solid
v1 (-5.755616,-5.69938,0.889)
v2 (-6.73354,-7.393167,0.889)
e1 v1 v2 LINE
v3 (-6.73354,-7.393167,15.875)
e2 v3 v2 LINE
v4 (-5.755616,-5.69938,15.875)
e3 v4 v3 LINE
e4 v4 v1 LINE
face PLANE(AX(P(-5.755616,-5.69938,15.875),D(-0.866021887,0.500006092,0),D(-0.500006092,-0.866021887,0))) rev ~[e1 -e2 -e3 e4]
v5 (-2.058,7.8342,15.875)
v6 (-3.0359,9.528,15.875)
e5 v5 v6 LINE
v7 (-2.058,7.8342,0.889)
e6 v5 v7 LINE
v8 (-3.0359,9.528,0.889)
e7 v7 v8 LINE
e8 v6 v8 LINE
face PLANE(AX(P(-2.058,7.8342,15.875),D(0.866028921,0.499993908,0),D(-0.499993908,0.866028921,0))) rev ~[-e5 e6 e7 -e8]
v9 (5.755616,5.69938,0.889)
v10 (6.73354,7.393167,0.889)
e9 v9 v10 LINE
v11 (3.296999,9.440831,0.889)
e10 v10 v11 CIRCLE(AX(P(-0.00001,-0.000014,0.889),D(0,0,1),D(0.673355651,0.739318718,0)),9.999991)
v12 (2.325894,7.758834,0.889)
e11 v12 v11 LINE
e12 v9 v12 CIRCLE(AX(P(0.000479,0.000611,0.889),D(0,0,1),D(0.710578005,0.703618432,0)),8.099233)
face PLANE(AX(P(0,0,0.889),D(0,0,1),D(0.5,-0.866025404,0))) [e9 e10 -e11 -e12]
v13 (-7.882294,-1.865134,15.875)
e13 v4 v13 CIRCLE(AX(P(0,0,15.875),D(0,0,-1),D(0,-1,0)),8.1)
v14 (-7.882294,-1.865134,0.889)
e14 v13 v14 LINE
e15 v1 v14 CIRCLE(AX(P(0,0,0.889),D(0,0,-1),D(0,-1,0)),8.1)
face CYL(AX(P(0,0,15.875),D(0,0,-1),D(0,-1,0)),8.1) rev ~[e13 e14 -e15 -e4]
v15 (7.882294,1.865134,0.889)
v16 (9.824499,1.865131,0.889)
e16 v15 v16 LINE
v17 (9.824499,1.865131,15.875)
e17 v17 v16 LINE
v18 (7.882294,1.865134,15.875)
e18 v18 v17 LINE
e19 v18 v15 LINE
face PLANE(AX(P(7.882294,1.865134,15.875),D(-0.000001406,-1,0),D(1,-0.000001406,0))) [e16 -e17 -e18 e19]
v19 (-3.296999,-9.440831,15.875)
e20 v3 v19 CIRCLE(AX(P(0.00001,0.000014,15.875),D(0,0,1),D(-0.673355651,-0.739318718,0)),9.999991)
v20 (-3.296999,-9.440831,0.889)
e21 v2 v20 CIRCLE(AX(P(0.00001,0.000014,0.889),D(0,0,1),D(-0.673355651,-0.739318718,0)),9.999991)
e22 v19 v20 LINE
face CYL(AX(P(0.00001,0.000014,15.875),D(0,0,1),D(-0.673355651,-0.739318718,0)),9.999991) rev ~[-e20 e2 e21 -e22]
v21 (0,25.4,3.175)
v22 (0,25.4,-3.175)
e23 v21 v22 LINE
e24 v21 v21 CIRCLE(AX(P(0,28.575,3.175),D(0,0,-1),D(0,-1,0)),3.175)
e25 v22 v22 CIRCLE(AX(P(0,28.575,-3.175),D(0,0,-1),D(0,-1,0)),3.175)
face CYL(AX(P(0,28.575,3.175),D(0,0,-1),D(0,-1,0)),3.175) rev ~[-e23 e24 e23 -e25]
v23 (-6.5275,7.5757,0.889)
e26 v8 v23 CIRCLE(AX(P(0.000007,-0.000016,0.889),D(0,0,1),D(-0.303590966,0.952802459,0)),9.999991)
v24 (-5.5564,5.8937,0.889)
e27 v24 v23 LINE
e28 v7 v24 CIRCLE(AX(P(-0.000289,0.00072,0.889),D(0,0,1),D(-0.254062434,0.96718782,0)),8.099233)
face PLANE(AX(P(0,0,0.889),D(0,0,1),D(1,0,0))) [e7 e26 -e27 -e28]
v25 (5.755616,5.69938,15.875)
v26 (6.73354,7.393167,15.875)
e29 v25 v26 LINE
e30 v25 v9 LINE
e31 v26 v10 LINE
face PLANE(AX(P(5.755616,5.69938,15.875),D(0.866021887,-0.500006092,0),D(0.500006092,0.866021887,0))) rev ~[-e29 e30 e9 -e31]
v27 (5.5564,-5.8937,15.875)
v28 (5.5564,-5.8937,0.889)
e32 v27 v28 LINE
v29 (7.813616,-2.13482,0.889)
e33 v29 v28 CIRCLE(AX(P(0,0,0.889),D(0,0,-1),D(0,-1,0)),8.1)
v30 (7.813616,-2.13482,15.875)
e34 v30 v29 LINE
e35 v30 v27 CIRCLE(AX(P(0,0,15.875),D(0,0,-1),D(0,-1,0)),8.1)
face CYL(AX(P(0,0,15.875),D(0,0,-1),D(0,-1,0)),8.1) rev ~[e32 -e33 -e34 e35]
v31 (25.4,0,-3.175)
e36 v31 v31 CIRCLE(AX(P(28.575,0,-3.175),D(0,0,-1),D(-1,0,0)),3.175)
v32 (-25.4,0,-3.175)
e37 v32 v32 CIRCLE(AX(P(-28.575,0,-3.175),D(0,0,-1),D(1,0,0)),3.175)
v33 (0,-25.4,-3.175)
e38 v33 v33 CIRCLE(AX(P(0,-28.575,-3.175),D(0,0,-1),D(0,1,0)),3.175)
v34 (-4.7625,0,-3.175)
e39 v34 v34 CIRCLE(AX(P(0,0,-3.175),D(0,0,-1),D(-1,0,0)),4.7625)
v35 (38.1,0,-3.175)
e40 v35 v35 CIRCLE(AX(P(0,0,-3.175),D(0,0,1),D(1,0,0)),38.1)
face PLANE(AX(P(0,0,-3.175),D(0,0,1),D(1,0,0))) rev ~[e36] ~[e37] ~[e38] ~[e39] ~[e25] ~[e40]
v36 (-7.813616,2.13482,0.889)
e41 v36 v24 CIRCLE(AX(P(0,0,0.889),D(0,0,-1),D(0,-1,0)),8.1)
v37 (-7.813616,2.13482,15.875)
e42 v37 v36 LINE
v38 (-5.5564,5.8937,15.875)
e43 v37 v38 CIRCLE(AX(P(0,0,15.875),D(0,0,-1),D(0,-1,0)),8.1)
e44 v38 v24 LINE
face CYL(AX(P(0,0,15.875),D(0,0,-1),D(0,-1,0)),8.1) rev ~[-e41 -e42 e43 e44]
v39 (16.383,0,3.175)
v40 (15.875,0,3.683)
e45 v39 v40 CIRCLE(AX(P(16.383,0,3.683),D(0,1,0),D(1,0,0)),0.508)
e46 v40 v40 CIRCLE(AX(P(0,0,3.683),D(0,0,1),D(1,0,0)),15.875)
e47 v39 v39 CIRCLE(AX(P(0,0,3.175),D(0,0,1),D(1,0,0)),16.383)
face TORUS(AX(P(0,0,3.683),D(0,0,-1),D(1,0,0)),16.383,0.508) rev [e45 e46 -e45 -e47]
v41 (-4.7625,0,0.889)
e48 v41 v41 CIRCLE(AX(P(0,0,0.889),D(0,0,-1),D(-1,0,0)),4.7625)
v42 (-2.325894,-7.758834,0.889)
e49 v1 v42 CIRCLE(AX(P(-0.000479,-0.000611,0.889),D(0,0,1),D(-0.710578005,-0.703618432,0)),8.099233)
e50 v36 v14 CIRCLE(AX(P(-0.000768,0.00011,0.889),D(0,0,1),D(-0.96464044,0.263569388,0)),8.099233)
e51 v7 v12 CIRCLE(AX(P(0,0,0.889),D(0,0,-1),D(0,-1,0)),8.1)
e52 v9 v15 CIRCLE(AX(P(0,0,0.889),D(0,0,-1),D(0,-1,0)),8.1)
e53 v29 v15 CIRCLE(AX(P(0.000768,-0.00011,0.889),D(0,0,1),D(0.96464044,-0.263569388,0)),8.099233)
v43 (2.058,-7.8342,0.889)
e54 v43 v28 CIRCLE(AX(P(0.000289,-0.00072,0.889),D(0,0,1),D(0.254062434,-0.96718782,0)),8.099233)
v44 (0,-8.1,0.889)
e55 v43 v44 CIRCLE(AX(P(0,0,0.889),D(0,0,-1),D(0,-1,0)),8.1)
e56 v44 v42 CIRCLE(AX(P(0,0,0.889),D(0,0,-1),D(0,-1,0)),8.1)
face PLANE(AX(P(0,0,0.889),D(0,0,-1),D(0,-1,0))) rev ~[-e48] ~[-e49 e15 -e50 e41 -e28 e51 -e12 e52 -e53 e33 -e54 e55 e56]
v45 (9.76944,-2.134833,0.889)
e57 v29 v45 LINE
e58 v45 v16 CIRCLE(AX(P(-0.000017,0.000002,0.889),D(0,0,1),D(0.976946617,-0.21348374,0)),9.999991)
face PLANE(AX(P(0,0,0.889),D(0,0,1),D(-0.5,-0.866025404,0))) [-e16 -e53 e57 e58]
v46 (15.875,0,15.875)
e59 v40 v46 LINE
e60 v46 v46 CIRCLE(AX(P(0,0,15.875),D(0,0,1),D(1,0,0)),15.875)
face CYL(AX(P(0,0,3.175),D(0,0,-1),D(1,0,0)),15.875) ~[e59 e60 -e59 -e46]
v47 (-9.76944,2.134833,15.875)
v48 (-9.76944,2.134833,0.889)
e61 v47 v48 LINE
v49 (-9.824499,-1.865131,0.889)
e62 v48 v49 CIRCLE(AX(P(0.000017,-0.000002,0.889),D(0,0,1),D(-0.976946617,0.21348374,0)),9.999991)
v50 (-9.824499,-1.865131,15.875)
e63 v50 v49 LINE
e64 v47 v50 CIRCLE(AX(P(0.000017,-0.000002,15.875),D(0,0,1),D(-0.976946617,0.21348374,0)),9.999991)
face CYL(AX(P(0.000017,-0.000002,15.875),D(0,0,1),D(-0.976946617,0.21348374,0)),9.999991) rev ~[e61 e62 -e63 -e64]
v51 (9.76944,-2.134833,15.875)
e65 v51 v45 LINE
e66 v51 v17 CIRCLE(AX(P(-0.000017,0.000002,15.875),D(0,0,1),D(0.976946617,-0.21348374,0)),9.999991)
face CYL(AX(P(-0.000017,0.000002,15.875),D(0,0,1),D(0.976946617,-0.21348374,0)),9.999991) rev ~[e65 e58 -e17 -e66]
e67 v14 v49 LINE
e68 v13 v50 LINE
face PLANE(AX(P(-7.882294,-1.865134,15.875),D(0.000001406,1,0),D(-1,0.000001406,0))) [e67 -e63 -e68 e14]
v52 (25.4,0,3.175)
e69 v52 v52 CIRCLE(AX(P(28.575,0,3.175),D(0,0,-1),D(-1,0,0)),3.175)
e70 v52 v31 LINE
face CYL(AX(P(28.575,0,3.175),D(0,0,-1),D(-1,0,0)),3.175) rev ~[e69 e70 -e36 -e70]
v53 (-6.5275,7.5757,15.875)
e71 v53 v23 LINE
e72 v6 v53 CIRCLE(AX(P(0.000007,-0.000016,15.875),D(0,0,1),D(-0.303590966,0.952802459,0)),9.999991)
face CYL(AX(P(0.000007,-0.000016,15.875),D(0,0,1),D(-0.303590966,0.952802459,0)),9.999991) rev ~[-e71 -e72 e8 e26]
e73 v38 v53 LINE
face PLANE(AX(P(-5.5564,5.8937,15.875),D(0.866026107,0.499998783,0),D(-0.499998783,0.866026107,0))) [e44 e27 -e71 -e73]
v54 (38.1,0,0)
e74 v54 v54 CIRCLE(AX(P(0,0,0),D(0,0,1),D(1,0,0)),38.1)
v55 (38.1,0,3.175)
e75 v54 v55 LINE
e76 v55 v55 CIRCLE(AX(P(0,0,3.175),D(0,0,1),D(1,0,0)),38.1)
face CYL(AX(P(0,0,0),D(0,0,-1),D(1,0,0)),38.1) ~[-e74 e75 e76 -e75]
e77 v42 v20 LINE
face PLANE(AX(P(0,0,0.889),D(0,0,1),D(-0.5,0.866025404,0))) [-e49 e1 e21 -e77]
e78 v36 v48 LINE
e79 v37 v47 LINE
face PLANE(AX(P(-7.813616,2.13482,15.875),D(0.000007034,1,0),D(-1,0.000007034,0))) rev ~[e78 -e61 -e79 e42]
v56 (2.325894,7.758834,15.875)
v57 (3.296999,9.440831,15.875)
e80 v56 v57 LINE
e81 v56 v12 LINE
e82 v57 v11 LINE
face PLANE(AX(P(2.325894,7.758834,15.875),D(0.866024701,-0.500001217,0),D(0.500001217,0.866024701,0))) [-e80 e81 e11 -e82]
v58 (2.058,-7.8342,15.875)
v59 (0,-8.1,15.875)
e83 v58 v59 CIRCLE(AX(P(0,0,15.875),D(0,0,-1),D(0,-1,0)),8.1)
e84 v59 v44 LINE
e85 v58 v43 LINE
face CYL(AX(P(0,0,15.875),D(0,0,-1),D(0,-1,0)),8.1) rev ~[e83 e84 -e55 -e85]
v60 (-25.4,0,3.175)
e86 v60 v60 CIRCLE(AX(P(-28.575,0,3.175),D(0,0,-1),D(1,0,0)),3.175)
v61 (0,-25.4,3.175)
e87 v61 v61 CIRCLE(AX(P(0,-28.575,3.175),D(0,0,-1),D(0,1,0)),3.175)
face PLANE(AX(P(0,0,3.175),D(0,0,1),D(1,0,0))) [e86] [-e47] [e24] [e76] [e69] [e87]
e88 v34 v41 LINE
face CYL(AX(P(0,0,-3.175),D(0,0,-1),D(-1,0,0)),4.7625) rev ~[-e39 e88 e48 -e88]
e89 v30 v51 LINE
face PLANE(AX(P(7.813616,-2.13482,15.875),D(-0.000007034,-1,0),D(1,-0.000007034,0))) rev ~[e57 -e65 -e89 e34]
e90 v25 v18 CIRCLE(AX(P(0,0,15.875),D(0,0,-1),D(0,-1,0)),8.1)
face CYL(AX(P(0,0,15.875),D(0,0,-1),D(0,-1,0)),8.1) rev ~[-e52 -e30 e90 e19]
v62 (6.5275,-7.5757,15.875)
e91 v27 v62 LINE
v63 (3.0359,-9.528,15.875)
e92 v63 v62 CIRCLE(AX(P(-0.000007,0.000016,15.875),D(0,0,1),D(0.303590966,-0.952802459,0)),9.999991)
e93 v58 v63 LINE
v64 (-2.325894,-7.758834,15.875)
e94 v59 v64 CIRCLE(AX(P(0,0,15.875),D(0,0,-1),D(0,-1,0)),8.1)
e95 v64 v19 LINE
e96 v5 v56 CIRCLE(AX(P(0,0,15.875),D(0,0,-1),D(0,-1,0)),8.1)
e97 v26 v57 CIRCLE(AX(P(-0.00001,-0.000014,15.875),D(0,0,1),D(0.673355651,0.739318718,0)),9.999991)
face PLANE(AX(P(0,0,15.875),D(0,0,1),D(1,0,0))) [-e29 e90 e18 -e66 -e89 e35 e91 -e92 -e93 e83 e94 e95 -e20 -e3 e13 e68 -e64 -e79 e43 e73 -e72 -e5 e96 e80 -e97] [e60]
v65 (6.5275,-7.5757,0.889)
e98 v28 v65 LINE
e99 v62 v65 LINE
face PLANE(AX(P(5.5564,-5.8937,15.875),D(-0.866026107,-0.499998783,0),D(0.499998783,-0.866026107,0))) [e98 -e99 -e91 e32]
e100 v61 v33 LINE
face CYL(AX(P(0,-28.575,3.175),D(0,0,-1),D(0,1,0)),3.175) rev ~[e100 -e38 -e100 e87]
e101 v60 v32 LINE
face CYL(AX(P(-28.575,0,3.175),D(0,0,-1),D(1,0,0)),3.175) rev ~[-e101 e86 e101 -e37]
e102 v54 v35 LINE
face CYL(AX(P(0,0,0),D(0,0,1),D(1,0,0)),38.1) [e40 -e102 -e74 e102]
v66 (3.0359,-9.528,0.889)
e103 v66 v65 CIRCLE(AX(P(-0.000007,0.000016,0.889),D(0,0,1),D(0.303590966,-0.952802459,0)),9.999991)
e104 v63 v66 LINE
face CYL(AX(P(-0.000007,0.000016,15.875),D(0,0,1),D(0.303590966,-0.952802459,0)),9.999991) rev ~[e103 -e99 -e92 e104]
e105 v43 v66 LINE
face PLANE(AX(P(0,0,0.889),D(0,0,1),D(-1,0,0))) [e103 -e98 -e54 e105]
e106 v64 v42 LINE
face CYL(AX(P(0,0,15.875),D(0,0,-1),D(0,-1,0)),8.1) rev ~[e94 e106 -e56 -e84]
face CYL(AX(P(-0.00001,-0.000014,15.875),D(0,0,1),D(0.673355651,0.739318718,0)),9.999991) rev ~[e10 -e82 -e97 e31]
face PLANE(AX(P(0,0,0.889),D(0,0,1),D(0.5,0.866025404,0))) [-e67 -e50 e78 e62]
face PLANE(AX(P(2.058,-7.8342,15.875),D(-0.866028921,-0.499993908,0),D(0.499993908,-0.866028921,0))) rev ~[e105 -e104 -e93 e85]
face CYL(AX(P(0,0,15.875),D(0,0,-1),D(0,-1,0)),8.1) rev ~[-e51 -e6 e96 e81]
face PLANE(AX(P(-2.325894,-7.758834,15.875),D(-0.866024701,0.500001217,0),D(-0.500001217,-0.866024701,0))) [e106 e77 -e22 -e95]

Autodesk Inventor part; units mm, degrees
ref_plane "YZ Plane" through (0, 0, 0) normal (1, 0, 0) x (0, 1, 0)
ref_plane "XZ Plane" through (0, 0, 0) normal (0, 1, 0) x (-1, 0, 0)
ref_plane "XY Plane" through (0, 0, 0) normal (0, 0, 1) x (1, 0, 0)
sketch "Sketch1" plane through (0, 0, 0) normal (0, 0, 1) x (1, 0, 0)
  circle A0 centre (0, 0) radius 38.1
  dimension "d2" = 76.2
extrude "Extrusion1" add sketch "Sketch1" along normal mid plane 6.35
sketch "Sketch2" plane through (0, 0, 3.175) normal (0, 0, 1) x (1, 0, 0)
  circle A0 centre (0, 0) radius 38.1 projected
  point P0 (0, 28.575)
  dimension "d3" = 0
  dimension "d4" = 28.575
hole "Mounting Hole" at (0, 28.575, 3.175) direction (0, 0, -1) diameter 6.35 end through all
pattern_circular "Circular Pattern1" count 4 over 360 about axis through (0, 0, 0) along (0, 0, 1) of "Mounting Hole"
sketch "Sketch3" plane through (0, 0, 3.175) normal (0, 0, 1) x (1, 0, 0)
  circle A0 centre (0, 0) radius 38.1 projected
  circle A1 centre (0, 0) radius 15.875
  dimension "d15" = 31.75
extrude "Extrusion2" add sketch "Sketch3" along normal blind 12.7 contours A1
sketch "Sketch8" plane through (0, 0, 15.875) normal (0, 0, 1) x (1, 0, 0)
  circle A0 centre (0, 0) radius 15.875 projected
hole "Hole3" at (0, 0, 15.875) direction (0, 0, -1) diameter 16.2 depth 14.986
sketch "Sketch4" plane through (0, 0, 15.875) normal (0, 0, 1) x (1, 0, 0)
  arc A0 (-3.0359, 9.528) -> (-6.5275, 7.5757) centre (0, 0) ccw
  circle A1 centre (0, 0) radius 15.875 projected
  line L0 (0, 0) -> (-5, 8.6603) construction
  line L1 (0, 0) -> (-10.16, 0) construction
  line L2 (-2.058, 7.8342) -> (-3.0359, 9.528)
  line L3 (-5.5564, 5.8937) -> (-6.5275, 7.5757)
  arc A2 (-2.058, 7.8342) -> (-5.5564, 5.8937) centre (0, 0) ccw
  circle A3 centre (0, 0) radius 8.1 projected
  dimension "d46" = 60
  dimension "d47" = 4
  dimension "d48" = 20
extrude "Extrusion3" cut sketch "Sketch4" against normal up to surface (14.986 mm away) contours L2 A2 L3 A0
pattern_circular "Circular Pattern2" count 6 over 360 about axis through (0, 0, 0) along (0, 0, 1) of "Extrusion3"
fillet "Fillet1" radius 0.508 1 edges at (-15.875, 0, 3.175)
sketch "Sketch9" plane through (0, 0, -3.175) normal (0, 0, -1) x (-1, 0, 0)
  circle A0 centre (0, 0) radius 38.1 projected
  circle A1 centre (0, 0) radius 4.7625
  dimension "d56" = 9.525
extrude "Extrusion6" cut sketch "Sketch9" against normal blind 25.4 contours A1
properties part number "Denso-6" material "ABS Plastic"
